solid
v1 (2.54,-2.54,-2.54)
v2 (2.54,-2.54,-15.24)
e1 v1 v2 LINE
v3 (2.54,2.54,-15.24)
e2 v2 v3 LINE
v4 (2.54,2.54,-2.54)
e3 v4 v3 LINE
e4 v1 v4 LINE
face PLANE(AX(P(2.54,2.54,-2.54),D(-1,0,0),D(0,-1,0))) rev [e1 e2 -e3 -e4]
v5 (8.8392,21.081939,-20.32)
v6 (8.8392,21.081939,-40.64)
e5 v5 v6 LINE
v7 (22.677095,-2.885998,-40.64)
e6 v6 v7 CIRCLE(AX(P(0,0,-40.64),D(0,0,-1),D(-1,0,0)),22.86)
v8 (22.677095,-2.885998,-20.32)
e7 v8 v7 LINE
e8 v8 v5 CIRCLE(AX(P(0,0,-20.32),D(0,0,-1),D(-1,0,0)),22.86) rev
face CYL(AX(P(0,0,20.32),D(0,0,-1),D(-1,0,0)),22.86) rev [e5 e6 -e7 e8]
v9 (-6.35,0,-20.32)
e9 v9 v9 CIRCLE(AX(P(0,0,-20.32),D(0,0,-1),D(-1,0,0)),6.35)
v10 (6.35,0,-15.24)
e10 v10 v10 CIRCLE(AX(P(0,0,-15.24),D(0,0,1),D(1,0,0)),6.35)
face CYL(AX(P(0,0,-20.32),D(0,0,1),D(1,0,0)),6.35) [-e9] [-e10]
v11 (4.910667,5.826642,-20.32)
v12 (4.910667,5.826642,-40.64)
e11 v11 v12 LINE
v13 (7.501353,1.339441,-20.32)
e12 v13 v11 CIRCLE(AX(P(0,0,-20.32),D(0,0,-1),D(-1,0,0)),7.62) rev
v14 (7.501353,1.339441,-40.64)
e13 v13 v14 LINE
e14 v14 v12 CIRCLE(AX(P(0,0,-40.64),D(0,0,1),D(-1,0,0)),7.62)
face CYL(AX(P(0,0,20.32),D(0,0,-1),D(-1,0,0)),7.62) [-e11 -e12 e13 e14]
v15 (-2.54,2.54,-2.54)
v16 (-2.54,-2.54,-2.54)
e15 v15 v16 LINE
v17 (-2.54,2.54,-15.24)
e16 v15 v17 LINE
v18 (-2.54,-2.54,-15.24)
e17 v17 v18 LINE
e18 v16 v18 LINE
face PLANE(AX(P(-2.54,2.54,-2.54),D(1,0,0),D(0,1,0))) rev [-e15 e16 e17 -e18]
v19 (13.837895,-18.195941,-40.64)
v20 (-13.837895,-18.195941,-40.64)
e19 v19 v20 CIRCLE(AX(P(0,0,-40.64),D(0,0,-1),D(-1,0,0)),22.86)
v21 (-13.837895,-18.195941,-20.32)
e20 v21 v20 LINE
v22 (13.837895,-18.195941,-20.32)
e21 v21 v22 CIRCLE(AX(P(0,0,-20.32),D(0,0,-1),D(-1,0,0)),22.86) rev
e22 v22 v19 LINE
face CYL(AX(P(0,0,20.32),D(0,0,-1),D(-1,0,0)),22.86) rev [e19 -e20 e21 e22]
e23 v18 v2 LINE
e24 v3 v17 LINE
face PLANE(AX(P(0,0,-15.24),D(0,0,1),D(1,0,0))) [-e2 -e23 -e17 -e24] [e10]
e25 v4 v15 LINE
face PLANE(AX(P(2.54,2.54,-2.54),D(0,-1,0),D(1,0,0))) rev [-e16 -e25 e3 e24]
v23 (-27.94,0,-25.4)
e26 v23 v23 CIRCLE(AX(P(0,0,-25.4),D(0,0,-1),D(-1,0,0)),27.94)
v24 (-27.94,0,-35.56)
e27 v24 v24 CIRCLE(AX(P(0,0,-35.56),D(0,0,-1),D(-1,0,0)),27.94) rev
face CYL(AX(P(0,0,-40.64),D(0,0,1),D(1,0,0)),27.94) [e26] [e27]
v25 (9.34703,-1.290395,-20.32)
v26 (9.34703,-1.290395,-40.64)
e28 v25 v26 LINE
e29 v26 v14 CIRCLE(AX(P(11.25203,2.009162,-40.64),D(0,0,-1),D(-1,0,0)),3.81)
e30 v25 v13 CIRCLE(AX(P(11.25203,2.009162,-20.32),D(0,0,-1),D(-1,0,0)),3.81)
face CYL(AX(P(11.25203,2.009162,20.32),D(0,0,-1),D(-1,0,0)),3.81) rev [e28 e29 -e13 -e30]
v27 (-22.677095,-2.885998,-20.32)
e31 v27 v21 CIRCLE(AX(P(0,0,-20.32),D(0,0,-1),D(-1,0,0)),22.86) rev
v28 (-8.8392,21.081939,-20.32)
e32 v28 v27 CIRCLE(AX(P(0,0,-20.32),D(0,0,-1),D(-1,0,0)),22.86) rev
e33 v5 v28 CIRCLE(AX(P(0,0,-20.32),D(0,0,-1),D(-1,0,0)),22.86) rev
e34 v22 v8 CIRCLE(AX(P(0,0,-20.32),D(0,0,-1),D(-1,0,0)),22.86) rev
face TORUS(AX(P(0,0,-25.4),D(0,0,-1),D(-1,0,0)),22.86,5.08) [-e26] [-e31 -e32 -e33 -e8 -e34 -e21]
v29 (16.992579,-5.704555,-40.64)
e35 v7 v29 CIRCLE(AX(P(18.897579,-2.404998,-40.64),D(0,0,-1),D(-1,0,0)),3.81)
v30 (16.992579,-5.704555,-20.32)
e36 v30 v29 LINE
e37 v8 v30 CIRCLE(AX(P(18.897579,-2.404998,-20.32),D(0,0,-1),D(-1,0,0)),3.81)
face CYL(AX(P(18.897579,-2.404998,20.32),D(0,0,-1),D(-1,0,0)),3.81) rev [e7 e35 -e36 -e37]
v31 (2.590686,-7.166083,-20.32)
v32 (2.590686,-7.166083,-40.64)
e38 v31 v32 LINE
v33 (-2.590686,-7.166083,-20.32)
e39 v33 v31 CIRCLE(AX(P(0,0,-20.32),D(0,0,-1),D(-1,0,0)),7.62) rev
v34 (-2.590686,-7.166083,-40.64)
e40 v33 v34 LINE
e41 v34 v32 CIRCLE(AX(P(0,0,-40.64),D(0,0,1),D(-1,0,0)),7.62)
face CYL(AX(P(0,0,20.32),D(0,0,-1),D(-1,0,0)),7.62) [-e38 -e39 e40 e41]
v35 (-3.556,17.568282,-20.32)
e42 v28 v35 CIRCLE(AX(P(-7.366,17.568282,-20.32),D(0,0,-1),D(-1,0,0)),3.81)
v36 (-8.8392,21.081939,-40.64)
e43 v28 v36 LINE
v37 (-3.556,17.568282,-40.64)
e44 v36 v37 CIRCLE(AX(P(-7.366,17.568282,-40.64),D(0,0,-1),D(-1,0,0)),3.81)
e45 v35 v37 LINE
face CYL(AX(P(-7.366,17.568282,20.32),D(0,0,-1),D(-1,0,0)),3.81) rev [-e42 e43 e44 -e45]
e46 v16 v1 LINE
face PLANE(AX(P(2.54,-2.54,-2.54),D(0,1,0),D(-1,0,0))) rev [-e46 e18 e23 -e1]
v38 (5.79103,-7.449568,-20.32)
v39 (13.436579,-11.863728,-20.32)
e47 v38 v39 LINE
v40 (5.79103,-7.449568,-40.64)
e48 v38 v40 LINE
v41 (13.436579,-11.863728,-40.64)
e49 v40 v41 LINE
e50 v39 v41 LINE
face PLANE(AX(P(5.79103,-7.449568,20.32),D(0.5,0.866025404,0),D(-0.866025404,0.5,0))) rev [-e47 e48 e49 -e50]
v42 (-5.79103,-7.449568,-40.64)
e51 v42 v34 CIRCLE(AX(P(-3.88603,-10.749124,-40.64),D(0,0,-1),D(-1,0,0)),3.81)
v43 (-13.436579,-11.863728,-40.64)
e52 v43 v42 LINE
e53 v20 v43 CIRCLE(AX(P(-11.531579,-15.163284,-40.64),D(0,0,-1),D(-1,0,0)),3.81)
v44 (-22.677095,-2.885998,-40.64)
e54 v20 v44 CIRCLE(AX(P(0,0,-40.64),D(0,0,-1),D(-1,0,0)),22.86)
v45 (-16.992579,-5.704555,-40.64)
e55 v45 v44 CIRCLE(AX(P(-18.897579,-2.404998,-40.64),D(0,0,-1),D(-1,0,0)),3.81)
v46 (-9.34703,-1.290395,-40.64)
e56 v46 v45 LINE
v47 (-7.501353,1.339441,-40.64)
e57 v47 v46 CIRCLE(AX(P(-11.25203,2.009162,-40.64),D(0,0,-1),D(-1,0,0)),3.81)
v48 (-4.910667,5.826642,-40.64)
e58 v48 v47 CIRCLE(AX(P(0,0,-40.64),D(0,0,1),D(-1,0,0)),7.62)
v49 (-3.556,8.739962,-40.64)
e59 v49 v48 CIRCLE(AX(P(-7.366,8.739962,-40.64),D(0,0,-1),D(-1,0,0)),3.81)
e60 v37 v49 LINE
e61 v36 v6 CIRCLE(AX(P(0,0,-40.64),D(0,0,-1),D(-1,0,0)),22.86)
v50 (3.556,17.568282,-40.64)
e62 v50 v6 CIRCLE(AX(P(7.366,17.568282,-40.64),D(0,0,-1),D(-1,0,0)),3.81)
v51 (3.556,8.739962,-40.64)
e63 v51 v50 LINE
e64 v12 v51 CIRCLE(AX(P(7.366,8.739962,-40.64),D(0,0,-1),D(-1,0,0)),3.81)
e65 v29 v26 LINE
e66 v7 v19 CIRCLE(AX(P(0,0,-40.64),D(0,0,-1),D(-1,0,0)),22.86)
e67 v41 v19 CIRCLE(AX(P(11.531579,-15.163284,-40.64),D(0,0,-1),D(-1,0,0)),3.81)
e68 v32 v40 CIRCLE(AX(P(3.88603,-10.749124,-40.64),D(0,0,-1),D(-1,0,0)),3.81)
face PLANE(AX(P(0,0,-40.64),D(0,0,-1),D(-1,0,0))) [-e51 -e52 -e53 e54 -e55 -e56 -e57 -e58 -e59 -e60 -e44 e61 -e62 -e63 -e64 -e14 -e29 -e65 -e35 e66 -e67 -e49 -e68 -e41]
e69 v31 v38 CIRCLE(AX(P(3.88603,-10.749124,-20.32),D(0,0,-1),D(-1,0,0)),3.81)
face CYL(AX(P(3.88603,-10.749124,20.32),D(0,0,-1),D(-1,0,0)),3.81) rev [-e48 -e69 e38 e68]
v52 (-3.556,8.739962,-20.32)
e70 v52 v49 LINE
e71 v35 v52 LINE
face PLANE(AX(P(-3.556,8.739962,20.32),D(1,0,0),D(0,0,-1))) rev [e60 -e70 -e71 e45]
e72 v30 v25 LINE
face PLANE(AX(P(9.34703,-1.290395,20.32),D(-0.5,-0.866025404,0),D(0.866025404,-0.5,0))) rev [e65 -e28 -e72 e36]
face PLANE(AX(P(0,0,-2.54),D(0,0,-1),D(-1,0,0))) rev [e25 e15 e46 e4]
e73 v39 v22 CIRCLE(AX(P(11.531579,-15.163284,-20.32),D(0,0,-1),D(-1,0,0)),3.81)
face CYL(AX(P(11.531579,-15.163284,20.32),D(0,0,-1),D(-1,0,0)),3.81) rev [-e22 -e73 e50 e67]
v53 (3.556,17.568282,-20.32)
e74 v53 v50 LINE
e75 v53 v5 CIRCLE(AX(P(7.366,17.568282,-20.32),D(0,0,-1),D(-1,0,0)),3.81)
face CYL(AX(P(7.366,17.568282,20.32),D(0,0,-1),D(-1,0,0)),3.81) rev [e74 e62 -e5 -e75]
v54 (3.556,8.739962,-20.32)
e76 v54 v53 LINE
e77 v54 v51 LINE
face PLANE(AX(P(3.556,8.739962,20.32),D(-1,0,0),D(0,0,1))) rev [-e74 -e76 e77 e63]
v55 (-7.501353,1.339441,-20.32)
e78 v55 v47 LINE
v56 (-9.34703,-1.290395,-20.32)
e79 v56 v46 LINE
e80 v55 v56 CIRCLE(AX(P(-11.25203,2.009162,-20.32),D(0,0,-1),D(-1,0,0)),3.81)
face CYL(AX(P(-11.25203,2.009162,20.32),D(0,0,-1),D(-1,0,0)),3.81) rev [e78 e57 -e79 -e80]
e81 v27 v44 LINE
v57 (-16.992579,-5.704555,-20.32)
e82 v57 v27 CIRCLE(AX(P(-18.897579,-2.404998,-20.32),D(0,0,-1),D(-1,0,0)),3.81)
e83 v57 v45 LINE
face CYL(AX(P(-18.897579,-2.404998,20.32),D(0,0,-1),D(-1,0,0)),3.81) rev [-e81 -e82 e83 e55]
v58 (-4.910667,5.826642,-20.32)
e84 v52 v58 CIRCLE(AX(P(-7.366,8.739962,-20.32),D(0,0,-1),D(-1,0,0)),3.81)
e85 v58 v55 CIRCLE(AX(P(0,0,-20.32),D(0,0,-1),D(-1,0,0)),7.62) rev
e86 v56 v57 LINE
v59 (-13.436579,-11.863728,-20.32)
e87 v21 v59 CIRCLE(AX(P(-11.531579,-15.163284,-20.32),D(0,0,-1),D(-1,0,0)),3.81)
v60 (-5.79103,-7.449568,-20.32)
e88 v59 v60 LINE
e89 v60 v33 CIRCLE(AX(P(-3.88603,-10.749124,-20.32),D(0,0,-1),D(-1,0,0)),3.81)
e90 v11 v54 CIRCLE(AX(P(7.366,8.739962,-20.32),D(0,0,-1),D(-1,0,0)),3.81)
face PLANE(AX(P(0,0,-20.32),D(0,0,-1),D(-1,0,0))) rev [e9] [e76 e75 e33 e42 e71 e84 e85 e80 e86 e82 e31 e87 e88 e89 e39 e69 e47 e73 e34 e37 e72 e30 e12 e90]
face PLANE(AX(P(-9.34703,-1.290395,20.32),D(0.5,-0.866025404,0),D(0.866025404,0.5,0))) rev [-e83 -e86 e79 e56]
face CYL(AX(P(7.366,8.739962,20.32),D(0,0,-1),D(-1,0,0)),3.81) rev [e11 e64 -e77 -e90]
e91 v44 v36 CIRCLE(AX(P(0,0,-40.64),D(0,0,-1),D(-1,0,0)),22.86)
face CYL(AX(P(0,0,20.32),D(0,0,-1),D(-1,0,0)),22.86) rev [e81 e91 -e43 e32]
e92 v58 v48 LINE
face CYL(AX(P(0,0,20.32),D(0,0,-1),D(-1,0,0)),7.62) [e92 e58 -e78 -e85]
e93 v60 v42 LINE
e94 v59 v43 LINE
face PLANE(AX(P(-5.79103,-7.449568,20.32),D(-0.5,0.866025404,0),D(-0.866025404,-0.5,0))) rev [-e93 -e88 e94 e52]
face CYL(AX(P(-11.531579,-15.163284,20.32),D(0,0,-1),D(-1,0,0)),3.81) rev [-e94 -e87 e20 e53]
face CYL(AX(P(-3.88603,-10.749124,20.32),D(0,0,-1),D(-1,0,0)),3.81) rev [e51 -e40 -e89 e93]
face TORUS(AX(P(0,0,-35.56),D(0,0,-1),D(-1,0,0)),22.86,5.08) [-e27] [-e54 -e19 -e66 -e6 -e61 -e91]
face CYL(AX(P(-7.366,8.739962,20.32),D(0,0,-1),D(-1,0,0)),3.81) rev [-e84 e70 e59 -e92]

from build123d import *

# Parameters (mm, degrees)
SKETCH1_R           = 27.94
BOSS_EXTRUDE1_DEPTH = 20.32
SKETCH2_R           = 6.35
BOSS_EXTRUDE2_DEPTH = 20.32
BOSS_EXTRUDE3_START = 20.32
SKETCH3_R           = 27.94
BOSS_EXTRUDE3_DEPTH = 20.32
FILLET1_R           = 5.08
FILLET2_R           = 5.08
FILLET3_R           = 5.08
FILLET4_R           = 5.08
CUT_EXTRUDE1_DEPTH  = 73.645776241
SKETCH6_R           = 27.94
CUT_EXTRUDE2_DEPTH  = 57.682420605
SKETCH7_R           = 6.35
CUT_EXTRUDE3_DEPTH  = 5.08
SKETCH9_R           = 6.35
CUT_EXTRUDE5_DEPTH  = 10.16
SKETCH10_W          = 5.08
SKETCH10_H          = 5.08
BOSS_EXTRUDE4_DEPTH = 12.7


with BuildPart() as part:
    # Sketch1 → Boss-Extrude1 (new body)
    with BuildSketch(Plane.XY):
        Circle(SKETCH1_R)
    extrude(amount=BOSS_EXTRUDE1_DEPTH)

    # Sketch2 → Boss-Extrude2 (add)
    with BuildSketch(Plane(origin=(0, 0, 0), x_dir=(-1, 0, 0), z_dir=(0, 0, -1))):
        with Locations(Location((0, 0, 0), (0, 0, 180))):
            Circle(SKETCH2_R)
    extrude(amount=BOSS_EXTRUDE2_DEPTH)

    # Sketch3 → Boss-Extrude3 (add)
    with BuildSketch(Plane(origin=(0, 0, -20.32), x_dir=(-1, 0, 0), z_dir=(0, 0, -1)).offset(BOSS_EXTRUDE3_START)):
        with Locations(Location((0, 0, 0), (0, 0, 180))):
            Circle(SKETCH3_R)
    extrude(amount=-BOSS_EXTRUDE3_DEPTH)

    # Fillet1
    fillet1_edges = [part.edges().sort_by_distance(p)[0] for p in [
        (-27.94, 0, 20.32),
    ]]
    fillet(fillet1_edges, radius=FILLET1_R)

    # Fillet2
    fillet2_edges = [part.edges().sort_by_distance(p)[0] for p in [
        (-27.94, 0, 0),
    ]]
    fillet(fillet2_edges, radius=FILLET2_R)

    # Fillet3
    fillet3_edges = [part.edges().sort_by_distance(p)[0] for p in [
        (-27.94, 0, -20.32),
    ]]
    fillet(fillet3_edges, radius=FILLET3_R)

    # Fillet4
    fillet4_edges = [part.edges().sort_by_distance(p)[0] for p in [
        (-27.94, 0, -40.64),
    ]]
    fillet(fillet4_edges, radius=FILLET4_R)

    # Sketch4 → Cut-Extrude1 (cut, through all)
    with BuildSketch(Plane(origin=(0, 0, -40.64), x_dir=(-1, 0, 0), z_dir=(0, 0, -1))):
        with BuildLine():
            Line((-3.556, 8.739962471), (-3.556, 17.568282329))
            ThreePointArc((-3.556, 17.568282329), (-5.256117539, 20.740741312), (-8.8392, 21.081938795))
            ThreePointArc((-8.8392, 21.081938795), (-19.797340731, 11.43), (-22.677094558, -2.885997648))
            ThreePointArc((-22.677094558, -2.885997648), (-20.590067639, -5.818439342), (-16.992578798, -5.704554829))
            Line((-16.992578798, -5.704554829), (-9.347029528, -1.2903949))
            ThreePointArc((-9.347029528, -1.2903949), (-8.133427478, -0.179541209), (-7.501353019, 1.339441259))
            ThreePointArc((-7.501353019, 1.339441259), (-6.599113577, 3.81), (-4.910666667, 5.826641648))
            ThreePointArc((-4.910666667, 5.826641648), (-3.911226491, 7.13352542), (-3.556, 8.739962471))
        make_face()
        with BuildLine():
            Line((3.556, 8.739962471), (3.556, 17.568282329))
            ThreePointArc((3.556, 17.568282329), (5.256117539, 20.740741312), (8.8392, 21.081938795))
            ThreePointArc((8.8392, 21.081938795), (19.797340731, 11.43), (22.677094558, -2.885997648))
            ThreePointArc((22.677094558, -2.885997648), (20.590067639, -5.818439342), (16.992578798, -5.704554829))
            Line((16.992578798, -5.704554829), (9.347029528, -1.2903949))
            ThreePointArc((9.347029528, -1.2903949), (8.133427478, -0.179541209), (7.501353019, 1.339441259))
            ThreePointArc((7.501353019, 1.339441259), (6.599113577, 3.81), (4.910666667, 5.826641648))
            ThreePointArc((4.910666667, 5.826641648), (3.911226491, 7.13352542), (3.556, 8.739962471))
        make_face()
        with BuildLine():
            Line((5.791029528, -7.449567572), (13.436578798, -11.8637275))
            ThreePointArc((13.436578798, -11.8637275), (15.3339501, -14.92230197), (13.837894558, -18.195941147))
            ThreePointArc((13.837894558, -18.195941147), (0, -22.86), (-13.837894558, -18.195941147))
            ThreePointArc((-13.837894558, -18.195941147), (-15.3339501, -14.92230197), (-13.436578798, -11.8637275))
            Line((-13.436578798, -11.8637275), (-5.791029528, -7.449567572))
            ThreePointArc((-5.791029528, -7.449567572), (-4.222200987, -6.953984211), (-2.590686352, -7.166082907))
            ThreePointArc((-2.590686352, -7.166082907), (0, -7.62), (2.590686352, -7.166082907))
            ThreePointArc((2.590686352, -7.166082907), (4.222200987, -6.953984211), (5.791029528, -7.449567572))
        make_face()
    extrude(amount=-CUT_EXTRUDE1_DEPTH, mode=Mode.SUBTRACT)

    # Sketch6 → Cut-Extrude2 (cut, through all)
    with BuildSketch(Plane(origin=(0, 0, 0), x_dir=(-1, 0, 0), z_dir=(0, 0, -1))):
        Circle(SKETCH6_R)
    extrude(amount=-CUT_EXTRUDE2_DEPTH, mode=Mode.SUBTRACT)

    # Sketch7 → Cut-Extrude3 (cut)
    with BuildSketch(Plane.XY):
        Circle(SKETCH7_R)
    extrude(amount=-CUT_EXTRUDE3_DEPTH, mode=Mode.SUBTRACT)

    # Sketch9 → Cut-Extrude5 (cut)
    with BuildSketch(Plane.XY.offset(-5.08)):
        Circle(SKETCH9_R)
    extrude(amount=-CUT_EXTRUDE5_DEPTH, mode=Mode.SUBTRACT)

    # Sketch10 → Boss-Extrude4 (add)
    with BuildSketch(Plane.XY.offset(-15.24)):
        Rectangle(SKETCH10_W, SKETCH10_H)
    extrude(amount=BOSS_EXTRUDE4_DEPTH)


solid = part.part
